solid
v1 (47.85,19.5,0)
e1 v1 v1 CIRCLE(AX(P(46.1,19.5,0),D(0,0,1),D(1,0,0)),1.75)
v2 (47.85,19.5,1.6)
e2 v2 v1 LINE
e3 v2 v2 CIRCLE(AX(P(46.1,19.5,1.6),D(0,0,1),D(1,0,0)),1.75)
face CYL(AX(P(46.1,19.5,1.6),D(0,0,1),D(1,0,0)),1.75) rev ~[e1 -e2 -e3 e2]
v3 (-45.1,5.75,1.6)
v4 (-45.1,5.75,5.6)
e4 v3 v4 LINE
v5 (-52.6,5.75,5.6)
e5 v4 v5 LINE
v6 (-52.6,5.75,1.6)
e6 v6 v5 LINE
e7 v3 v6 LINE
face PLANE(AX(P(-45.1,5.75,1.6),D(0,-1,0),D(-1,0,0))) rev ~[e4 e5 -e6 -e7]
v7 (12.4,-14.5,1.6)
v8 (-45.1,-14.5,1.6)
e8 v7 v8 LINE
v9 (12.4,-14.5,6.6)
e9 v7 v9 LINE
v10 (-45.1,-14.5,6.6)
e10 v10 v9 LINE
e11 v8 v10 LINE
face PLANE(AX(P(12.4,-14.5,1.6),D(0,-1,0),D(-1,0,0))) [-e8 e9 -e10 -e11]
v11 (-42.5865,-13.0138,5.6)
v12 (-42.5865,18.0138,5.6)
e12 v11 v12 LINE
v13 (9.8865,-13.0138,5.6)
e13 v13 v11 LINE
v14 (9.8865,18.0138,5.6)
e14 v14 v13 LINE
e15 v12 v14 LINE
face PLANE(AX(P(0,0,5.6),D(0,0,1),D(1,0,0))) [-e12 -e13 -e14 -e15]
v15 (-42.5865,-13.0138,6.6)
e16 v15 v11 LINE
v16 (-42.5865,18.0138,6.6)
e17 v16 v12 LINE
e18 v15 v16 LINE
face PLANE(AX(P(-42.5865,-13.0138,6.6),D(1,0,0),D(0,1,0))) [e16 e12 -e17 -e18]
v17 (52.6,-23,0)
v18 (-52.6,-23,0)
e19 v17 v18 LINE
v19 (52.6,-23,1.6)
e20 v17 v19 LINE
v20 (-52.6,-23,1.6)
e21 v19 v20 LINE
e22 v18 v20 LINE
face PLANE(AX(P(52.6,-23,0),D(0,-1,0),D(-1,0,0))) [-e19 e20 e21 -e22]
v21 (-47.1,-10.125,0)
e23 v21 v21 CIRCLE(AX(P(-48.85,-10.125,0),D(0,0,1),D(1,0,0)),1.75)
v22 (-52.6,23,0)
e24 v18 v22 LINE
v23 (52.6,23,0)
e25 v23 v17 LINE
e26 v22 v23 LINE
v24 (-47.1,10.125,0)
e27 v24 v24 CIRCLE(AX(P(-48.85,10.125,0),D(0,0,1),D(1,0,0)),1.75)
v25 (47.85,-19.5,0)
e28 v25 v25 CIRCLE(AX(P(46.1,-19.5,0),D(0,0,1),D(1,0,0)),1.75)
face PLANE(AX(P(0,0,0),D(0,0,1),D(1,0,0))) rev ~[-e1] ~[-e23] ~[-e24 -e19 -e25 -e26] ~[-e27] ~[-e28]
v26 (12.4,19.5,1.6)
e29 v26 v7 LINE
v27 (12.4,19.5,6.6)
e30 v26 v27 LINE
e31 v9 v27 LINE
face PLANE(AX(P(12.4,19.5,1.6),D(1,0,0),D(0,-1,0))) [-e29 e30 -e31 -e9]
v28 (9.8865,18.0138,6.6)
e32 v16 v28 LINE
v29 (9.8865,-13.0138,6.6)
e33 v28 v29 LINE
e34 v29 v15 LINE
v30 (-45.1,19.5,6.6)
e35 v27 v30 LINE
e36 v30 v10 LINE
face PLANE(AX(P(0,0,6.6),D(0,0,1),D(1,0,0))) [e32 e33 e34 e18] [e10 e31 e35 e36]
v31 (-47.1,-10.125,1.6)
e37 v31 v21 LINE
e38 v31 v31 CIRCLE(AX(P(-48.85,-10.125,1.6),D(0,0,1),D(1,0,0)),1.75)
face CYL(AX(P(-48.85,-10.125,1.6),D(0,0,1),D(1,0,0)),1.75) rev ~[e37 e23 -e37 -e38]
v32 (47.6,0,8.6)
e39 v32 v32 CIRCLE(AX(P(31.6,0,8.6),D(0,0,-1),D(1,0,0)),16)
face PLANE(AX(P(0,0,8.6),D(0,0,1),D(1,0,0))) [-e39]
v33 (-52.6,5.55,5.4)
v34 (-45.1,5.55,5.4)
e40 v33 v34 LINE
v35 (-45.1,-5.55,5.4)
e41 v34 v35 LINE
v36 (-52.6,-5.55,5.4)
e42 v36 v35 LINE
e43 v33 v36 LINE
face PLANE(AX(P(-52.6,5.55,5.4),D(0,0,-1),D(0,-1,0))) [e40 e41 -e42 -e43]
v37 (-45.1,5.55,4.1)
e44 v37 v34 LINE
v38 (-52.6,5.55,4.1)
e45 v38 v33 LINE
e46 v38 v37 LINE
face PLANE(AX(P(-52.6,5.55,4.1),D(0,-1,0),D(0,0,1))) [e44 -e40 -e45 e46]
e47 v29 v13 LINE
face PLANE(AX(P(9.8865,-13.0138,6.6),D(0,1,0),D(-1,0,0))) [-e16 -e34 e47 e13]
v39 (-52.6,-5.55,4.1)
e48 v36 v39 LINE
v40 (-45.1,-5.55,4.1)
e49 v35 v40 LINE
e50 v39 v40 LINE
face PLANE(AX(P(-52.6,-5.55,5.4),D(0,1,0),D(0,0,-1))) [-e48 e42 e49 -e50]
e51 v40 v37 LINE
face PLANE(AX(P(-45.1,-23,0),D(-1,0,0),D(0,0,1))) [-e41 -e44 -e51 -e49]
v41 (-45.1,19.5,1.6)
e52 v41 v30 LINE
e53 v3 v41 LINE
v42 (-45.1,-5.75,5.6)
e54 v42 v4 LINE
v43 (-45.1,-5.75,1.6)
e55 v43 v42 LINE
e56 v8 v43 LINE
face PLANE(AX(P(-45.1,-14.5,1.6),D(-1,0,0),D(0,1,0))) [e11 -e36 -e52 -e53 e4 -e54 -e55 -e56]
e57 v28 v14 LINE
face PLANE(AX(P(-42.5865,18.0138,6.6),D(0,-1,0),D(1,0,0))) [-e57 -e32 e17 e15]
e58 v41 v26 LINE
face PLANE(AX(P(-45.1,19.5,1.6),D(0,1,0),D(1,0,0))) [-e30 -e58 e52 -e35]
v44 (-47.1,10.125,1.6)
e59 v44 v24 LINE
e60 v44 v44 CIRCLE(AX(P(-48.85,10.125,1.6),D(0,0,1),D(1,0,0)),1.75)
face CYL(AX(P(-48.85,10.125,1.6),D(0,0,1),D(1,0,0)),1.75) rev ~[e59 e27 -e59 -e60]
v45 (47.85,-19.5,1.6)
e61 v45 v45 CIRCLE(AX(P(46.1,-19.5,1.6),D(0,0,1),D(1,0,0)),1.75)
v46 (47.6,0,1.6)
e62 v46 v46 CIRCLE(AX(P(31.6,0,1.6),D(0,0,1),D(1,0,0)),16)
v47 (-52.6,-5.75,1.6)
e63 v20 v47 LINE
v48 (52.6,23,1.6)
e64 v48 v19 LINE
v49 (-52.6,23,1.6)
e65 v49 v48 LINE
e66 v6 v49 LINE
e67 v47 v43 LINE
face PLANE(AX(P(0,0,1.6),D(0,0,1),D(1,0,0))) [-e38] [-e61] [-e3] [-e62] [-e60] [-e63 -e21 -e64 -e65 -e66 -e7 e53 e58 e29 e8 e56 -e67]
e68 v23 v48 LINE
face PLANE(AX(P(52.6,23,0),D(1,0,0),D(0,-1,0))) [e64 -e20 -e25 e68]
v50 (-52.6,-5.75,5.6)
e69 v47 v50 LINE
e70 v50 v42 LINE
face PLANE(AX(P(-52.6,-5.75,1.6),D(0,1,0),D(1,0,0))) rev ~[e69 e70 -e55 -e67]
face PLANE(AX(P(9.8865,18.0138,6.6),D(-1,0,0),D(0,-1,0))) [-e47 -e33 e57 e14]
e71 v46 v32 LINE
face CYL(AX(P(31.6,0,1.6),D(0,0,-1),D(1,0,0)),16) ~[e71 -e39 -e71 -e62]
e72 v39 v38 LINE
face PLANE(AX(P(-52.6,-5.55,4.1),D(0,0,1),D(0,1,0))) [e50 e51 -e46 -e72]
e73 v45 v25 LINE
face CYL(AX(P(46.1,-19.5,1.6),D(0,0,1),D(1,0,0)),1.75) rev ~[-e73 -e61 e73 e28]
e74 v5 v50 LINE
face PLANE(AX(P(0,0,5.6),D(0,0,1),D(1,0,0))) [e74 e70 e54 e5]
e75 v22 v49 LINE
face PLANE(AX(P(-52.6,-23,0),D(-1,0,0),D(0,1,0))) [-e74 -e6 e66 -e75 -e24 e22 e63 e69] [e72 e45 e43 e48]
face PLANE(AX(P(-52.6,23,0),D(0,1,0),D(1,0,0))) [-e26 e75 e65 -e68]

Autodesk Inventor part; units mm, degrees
ref_plane "YZ Plane" through (0, 0, 0) normal (1, 0, 0) x (0, 1, 0)
ref_plane "XZ Plane" through (0, 0, 0) normal (0, 1, 0) x (-1, 0, 0)
ref_plane "XY Plane" through (0, 0, 0) normal (0, 0, 1) x (1, 0, 0)
sketch "Sketch1" plane through (0, 0, 0) normal (0, 0, 1) x (1, 0, 0)
  line L0 (-52.6, 23) -> (52.6, 23)
  line L1 (52.6, 23) -> (52.6, -23)
  line L2 (52.6, -23) -> (-52.6, -23)
  line L3 (-52.6, -23) -> (-52.6, 23)
  point P0 (0, 0)
  point P1 (-52.6, 0)
  point P2 (0, 23)
  dimension "d0" = 105.2
  dimension "d2" = 46
extrude "Extrusion1" add sketch "Sketch1" along normal blind 1.6
sketch "Sketch2" plane through (0, 0, 1.6) normal (0, 0, 1) x (1, 0, 0)
  line L0 (-52.6, -23) -> (52.6, -23) projected
  line L1 (52.6, -23) -> (52.6, 23) projected
  line L2 (-45.1, 19.5) -> (12.4, 19.5)
  line L3 (12.4, 19.5) -> (12.4, -14.5)
  line L4 (12.4, -14.5) -> (-45.1, -14.5)
  line L5 (-45.1, -14.5) -> (-45.1, 19.5)
  circle A0 centre (31.6, 0) radius 16
  line L6 (31.6, 0) -> (31.6, -16)
  line L7 (31.6, 0) -> (31.6, 16)
  line L8 (52.6, 23) -> (-52.6, 23) projected
  line L9 (-52.6, 23) -> (-52.6, -23) projected
  point P0 (0, 0)
  dimension "d5" = 57.5
  dimension "d7" = 34
  dimension "d8" = 32
  dimension "d9" = 21
  dimension "d10" = 23
  dimension "d13" = 3.5
  dimension "d14" = 7.5
extrude "Extrusion2" add sketch "Sketch2" along normal blind 7 contours L2 L3 L4 L5 | A0 L6 L7 | L7 L6 A0
sketch "Sketch3" plane through (0, 0, 8.6) normal (0, 0, 1) x (1, 0, 0)
  line L0 (12.4, 19.5) -> (-45.1, 19.5) projected
  line L1 (-45.1, 19.5) -> (-45.1, -14.5) projected
  line L2 (-45.1, -14.5) -> (12.4, -14.5) projected
  line L3 (12.4, -14.5) -> (12.4, 19.5) projected
  point P0 (0, 0)
extrude "Extrusion3" cut sketch "Sketch3" against normal blind 2
sketch "Sketch4" plane through (0, 0, 6.6) normal (0, 0, 1) x (1, 0, 0)
  line L0 (-45.1, 19.5) -> (12.4, 19.5) projected
  line L1 (-45.1, -14.5) -> (-45.1, 19.5) projected
  line L2 (-42.5865, 18.0138) -> (9.8865, 18.0138)
  line L3 (9.8865, 18.0138) -> (9.8865, -13.0138)
  line L4 (9.8865, -13.0138) -> (-42.5865, -13.0138)
  line L5 (-42.5865, -13.0138) -> (-42.5865, 18.0138)
  line L6 (-45.1, -14.5) -> (-42.5865, -13.0138) construction
  point P0 (0, 0)
  point P1 (-45.1, 2.5)
  point P2 (-42.5865, 2.5)
  point P3 (-16.35, 18.0138)
  point P4 (-16.35, 19.5)
  dimension "d21" = 60.96
extrude "Extrusion4" cut sketch "Sketch4" against normal blind 1
sketch "Sketch5" plane through (0, 0, 1.6) normal (0, 0, 1) x (1, 0, 0)
  line L0 (-52.6, 23) -> (-52.6, -23) projected
  line L1 (-52.6, -5.75) -> (-45.1, -5.75)
  line L2 (-45.1, -5.75) -> (-45.1, 5.75)
  line L3 (-45.1, 5.75) -> (-52.6, 5.75)
  line L4 (-52.6, 5.75) -> (-52.6, -5.75)
  line L5 (-45.1, -14.5) -> (-45.1, 19.5) projected
  point P0 (0, 0)
  point P1 (-45.1, 0)
  point P2 (-52.6, 0)
  dimension "d24" = 11.5
extrude "Extrusion5" add sketch "Sketch5" along normal blind 4
sketch "Sketch6" plane through (-52.6, -23, 0) normal (-1, 0, 0) x (0, 0, 1)
  line L0 (1.6, 17.25) -> (5.6, 17.25) projected
  line L1 (5.6, 28.75) -> (5.6, 17.25) projected
  line L2 (1.6, 28.75) -> (5.6, 28.75) projected
  line L3 (1.6, 46) -> (1.6, 28.75) projected
  line L4 (4.1, 28.55) -> (5.4, 28.55)
  line L5 (5.4, 28.55) -> (5.4, 17.45)
  line L6 (5.4, 17.45) -> (4.1, 17.45)
  line L7 (4.1, 17.45) -> (4.1, 28.55)
  point P0 (0, 23)
  dimension "d28" = 2.5
  dimension "d29" = 0.2
  dimension "d30" = 0.2
  dimension "d31" = 0.2
extrude "Extrusion6" cut sketch "Sketch6" against normal up to surface (7.5 mm away)
sketch "Sketch7" plane through (0, 0, 1.6) normal (0, 0, 1) x (1, 0, 0)
  line L0 (52.6, -23) -> (52.6, 23) projected
  line L1 (-52.6, 23) -> (-52.6, 5.75) projected
  line L2 (-45.1, -14.5) -> (-45.1, -5.75) projected
  circle A0 centre (-48.85, -10.125) radius 1.75
  circle A1 centre (-48.85, 10.125) radius 1.75
  circle A2 centre (46.1, 19.5) radius 1.75
  circle A3 centre (46.1, -19.5) radius 1.75
  line L3 (-48.85, 10.125) -> (-48.85, -10.125) construction
  line L4 (46.1, 19.5) -> (46.1, -19.5) construction
  point P0 (0, 0)
  point P1 (52.6, 0)
  point P2 (-48.85, 0)
  point P3 (46.1, 0)
  point P4 (52.6, 0)
  point P5 (52.6, 0)
  dimension "d34" = 20.25
  dimension "d36" = 3.75
  dimension "d37" = 39
  dimension "d39" = 6.5
  dimension "d40" = 3.5
extrude "Extrusion7" cut sketch "Sketch7" against normal through all
properties part number "miniviki"
